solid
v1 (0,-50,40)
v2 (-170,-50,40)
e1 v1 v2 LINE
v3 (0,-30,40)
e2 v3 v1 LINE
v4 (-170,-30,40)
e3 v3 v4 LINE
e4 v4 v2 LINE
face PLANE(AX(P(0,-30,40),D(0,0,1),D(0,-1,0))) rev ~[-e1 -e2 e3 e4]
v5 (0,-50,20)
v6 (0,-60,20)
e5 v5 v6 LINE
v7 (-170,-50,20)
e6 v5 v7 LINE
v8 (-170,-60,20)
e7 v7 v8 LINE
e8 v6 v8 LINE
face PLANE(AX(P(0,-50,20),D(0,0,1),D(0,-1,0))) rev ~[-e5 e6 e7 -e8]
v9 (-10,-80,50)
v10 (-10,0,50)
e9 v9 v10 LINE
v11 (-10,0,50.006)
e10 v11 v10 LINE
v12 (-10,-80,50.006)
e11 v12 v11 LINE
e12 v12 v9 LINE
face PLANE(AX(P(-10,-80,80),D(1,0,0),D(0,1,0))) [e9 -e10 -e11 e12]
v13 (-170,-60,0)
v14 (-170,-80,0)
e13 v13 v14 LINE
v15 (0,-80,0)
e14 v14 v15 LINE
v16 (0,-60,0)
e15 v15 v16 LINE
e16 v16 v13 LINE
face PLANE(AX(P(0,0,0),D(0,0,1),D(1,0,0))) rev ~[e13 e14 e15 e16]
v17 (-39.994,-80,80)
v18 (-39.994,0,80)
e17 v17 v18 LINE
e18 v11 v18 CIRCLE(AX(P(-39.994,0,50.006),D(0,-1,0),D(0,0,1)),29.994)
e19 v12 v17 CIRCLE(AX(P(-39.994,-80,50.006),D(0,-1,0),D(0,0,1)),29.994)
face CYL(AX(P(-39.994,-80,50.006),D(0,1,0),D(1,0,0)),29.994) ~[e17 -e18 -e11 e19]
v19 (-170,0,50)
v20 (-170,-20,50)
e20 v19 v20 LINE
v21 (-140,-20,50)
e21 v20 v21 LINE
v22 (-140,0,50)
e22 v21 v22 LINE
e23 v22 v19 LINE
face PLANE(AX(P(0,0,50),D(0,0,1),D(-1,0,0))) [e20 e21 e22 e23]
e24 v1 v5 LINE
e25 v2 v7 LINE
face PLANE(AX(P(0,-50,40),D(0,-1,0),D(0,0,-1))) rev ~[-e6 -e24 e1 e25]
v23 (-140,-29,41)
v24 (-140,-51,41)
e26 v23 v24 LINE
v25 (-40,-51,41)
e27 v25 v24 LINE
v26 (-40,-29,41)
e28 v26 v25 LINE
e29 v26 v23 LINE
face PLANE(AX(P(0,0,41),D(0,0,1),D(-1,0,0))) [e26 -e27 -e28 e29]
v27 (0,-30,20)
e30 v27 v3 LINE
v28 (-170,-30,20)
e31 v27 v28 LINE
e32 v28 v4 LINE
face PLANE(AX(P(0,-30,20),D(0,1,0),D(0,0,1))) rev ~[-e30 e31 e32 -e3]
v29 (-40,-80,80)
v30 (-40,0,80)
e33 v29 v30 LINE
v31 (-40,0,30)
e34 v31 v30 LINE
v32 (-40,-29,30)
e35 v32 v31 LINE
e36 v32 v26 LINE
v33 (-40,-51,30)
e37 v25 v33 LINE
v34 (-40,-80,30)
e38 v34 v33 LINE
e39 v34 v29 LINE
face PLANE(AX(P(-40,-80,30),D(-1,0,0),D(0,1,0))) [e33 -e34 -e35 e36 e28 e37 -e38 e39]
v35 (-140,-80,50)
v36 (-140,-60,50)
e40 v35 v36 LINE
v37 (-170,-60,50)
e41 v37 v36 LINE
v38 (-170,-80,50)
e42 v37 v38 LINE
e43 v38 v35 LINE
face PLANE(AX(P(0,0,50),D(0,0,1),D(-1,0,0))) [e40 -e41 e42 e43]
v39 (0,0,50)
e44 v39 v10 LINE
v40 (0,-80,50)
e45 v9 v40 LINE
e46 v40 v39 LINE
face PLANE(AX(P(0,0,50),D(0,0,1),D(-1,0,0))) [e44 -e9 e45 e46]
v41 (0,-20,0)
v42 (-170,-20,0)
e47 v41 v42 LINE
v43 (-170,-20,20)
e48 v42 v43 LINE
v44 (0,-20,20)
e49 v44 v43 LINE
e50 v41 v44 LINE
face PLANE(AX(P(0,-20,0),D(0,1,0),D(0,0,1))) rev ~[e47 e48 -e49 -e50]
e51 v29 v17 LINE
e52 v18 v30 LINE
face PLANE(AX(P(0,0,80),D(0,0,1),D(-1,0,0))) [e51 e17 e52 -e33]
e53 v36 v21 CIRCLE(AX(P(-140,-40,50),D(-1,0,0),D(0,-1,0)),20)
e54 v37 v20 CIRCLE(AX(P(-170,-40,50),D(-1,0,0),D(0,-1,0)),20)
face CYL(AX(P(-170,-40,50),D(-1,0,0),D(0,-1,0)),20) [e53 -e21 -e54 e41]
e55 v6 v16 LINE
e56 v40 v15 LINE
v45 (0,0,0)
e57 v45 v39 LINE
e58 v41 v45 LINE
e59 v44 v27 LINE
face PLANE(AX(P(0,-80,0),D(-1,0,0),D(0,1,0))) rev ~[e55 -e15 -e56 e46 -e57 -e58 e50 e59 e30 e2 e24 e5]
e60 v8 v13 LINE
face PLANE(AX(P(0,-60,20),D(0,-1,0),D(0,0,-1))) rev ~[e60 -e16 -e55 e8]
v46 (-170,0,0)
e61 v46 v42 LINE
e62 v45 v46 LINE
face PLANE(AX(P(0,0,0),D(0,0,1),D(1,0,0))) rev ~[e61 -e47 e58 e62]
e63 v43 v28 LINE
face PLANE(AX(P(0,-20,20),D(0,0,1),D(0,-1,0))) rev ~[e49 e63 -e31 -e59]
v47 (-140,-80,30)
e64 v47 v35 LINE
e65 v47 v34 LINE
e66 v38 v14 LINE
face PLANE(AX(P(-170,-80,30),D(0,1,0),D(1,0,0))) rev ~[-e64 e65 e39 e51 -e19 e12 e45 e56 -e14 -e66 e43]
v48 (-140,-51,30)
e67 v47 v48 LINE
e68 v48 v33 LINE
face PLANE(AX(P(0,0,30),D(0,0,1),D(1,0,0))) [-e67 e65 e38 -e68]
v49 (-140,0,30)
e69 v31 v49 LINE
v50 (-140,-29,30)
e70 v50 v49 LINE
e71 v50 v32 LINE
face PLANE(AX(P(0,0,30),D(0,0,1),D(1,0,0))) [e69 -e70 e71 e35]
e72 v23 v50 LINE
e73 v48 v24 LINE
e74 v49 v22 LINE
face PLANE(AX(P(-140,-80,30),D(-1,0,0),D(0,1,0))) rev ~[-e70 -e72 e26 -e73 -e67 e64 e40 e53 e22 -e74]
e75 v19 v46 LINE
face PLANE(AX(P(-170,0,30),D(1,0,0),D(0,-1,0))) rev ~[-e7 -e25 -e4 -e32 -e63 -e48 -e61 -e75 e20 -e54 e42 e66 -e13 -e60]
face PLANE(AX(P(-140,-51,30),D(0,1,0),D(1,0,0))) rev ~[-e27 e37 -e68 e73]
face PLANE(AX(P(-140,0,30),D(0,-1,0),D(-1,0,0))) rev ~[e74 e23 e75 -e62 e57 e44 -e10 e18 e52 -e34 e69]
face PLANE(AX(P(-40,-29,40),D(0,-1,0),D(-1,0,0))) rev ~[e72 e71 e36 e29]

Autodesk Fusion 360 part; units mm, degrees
sketch "Sketch1" plane through (0, 0, 0) normal (0, 0, 1) x (1, 0, 0)
  line L0 (0, 0) -> (-170, 0)
  line L1 (-170, 0) -> (-170, -80)
  line L2 (-170, -80) -> (0, -80)
  line L3 (0, -80) -> (0, 0)
  dimension "d1" = 170
  dimension "d2" = 80
extrude "Extrude1" add sketch "Sketch1" along normal blind 30
sketch "Sketch2" plane through (0, 0, 30) normal (0, 0, 1) x (-1, 0, 0)
  line L0 (0, 80) -> (0, 0)
  line L1 (0, 0) -> (170, 0)
  line L2 (170, 0) -> (170, 80)
  line L3 (170, 80) -> (0, 80)
  line L4 (0, 80) -> (40, 80)
  line L5 (40, 80) -> (40, 0)
  line L6 (40, 0) -> (0, 0)
  line L7 (0, 0) -> (0, 80)
  dimension "d5" = 40
extrude "Extrude2" add sketch "Sketch2" along normal blind 50 contours L0 L1 L3 L4 L5 L6 L7
sketch "Sketch3" plane through (0, 0, 80) normal (0, 0, 1) x (-1, 0, 0)
  line L0 (0, 0) -> (40, 0)
  line L1 (40, 0) -> (40, 80)
  line L2 (40, 80) -> (0, 80)
  line L3 (0, 80) -> (0, 0)
  line L4 (0, 80) -> (10, 80)
  line L5 (10, 80) -> (10, 0)
  line L6 (10, 0) -> (0, 0)
  line L7 (0, 0) -> (0, 80)
extrude "Extrude3" cut sketch "Sketch3" along normal blind 0 and the other way blind 30 contours L0 L2 L3 L4 L5 L6 L7
fillet "Fillet1" radius 30 1 edges at (-10, -40, 80)
sketch "Sketch4" plane through (0, 0, 30) normal (0, 0, 1) x (-1, 0, 0)
  line L0 (40, 80) -> (40, 0)
  line L1 (40, 0) -> (170, 0)
  line L2 (170, 0) -> (170, 80)
  line L3 (170, 80) -> (40, 80)
  line L4 (170, 80) -> (140, 80)
  line L5 (140, 80) -> (140, 0)
  line L6 (140, 0) -> (170, 0)
  line L7 (170, 0) -> (170, 80)
extrude "Extrude4" add sketch "Sketch4" along normal blind 20 contours L1 L2 L3 L4 L5 L6 L7
sketch "Sketch5" plane through (-170, 0, 0) normal (-1, 0, 0) x (0, -1, 0)
  line L0 (0, 0) -> (80, 0)
  line L1 (80, 0) -> (80, 50)
  line L2 (80, 50) -> (0, 50)
  line L3 (0, 50) -> (0, 0)
  circle A0 centre (40, 50) radius 20
  dimension "d16" = 40
extrude "Extrude5" add sketch "Sketch5" along normal blind 0 and the other way blind 30 contours L2 A0 picked at (45.5083, 53.7555)
sketch "Sketch6" plane through (0, 0, 30) normal (0, 0, 1) x (-1, 0, 0)
  line L0 (140, 0) -> (140, 80)
  line L1 (140, 80) -> (40, 80)
  line L2 (40, 80) -> (40, 0)
  line L3 (40, 0) -> (140, 0)
  line L4 (140, 50) -> (40, 50)
  line L5 (40, 50) -> (40, 30)
  line L6 (40, 30) -> (140, 30)
  line L7 (140, 30) -> (140, 50)
extrude "Extrude6" add sketch "Sketch6" along normal blind 10 contours L0 L2 L4 L5 L6 L7
sketch "Sketch7" plane through (0, 0, 0) normal (1, 0, 0) x (0, 1, 0)
  line L0 (0, 50) -> (-80, 50)
  line L1 (-80, 50) -> (-80, 0)
  line L2 (-80, 0) -> (0, 0)
  line L3 (0, 0) -> (0, 50)
  line L4 (-60, 0) -> (-20, 0)
  line L5 (-20, 0) -> (-20, 20)
  line L6 (-20, 20) -> (-60, 20)
  line L7 (-60, 20) -> (-60, 0)
  line L8 (-50, 20) -> (-30, 20)
  line L9 (-30, 20) -> (-30, 40)
  line L10 (-30, 40) -> (-50, 40)
  line L11 (-50, 40) -> (-50, 20)
extrude "Extrude7" cut sketch "Sketch7" along normal blind 0 and the other way blind 170 contours L2 L4 L5 L6 L7 L8 | L6 L8 L9 L10 L11
sketch "Sketch8" plane through (0, 0, 30) normal (0, 0, 1) x (-1, 0, 0)
  line L0 (140, 30) -> (40, 30)
  line L1 (40, 30) -> (40, 0)
  line L2 (40, 0) -> (140, 0)
  line L3 (140, 0) -> (140, 30)
  line L4 (40, 30) -> (140, 30)
  line L5 (140, 30) -> (140, 29)
  line L6 (140, 29) -> (40, 29)
  line L7 (40, 29) -> (40, 30)
  line L8 (40, 50) -> (140, 50)
  line L9 (140, 50) -> (140, 51)
  line L10 (140, 51) -> (40, 51)
  line L11 (40, 51) -> (40, 50)
  dimension "d27" = 1
  dimension "d28" = 100
  dimension "d29" = 1
extrude "Extrude8" add sketch "Sketch8" along normal blind 10 contours L0 L1 L3 L4 L5 L6 L7 | L8 L9 L10 L11
sketch "Sketch9" plane through (0, 0, 40) normal (0, 0, 1) x (-1, 0, 0)
  line L0 (40, 29) -> (140, 29)
  line L1 (140, 29) -> (140, 30)
  line L2 (140, 30) -> (40, 30)
  line L3 (40, 30) -> (40, 29)
  line L4 (40, 51) -> (140, 51)
  line L5 (140, 51) -> (140, 29)
  line L6 (140, 29) -> (40, 29)
  line L7 (40, 29) -> (40, 51)
extrude "Extrude9" add sketch "Sketch9" along normal blind 1
